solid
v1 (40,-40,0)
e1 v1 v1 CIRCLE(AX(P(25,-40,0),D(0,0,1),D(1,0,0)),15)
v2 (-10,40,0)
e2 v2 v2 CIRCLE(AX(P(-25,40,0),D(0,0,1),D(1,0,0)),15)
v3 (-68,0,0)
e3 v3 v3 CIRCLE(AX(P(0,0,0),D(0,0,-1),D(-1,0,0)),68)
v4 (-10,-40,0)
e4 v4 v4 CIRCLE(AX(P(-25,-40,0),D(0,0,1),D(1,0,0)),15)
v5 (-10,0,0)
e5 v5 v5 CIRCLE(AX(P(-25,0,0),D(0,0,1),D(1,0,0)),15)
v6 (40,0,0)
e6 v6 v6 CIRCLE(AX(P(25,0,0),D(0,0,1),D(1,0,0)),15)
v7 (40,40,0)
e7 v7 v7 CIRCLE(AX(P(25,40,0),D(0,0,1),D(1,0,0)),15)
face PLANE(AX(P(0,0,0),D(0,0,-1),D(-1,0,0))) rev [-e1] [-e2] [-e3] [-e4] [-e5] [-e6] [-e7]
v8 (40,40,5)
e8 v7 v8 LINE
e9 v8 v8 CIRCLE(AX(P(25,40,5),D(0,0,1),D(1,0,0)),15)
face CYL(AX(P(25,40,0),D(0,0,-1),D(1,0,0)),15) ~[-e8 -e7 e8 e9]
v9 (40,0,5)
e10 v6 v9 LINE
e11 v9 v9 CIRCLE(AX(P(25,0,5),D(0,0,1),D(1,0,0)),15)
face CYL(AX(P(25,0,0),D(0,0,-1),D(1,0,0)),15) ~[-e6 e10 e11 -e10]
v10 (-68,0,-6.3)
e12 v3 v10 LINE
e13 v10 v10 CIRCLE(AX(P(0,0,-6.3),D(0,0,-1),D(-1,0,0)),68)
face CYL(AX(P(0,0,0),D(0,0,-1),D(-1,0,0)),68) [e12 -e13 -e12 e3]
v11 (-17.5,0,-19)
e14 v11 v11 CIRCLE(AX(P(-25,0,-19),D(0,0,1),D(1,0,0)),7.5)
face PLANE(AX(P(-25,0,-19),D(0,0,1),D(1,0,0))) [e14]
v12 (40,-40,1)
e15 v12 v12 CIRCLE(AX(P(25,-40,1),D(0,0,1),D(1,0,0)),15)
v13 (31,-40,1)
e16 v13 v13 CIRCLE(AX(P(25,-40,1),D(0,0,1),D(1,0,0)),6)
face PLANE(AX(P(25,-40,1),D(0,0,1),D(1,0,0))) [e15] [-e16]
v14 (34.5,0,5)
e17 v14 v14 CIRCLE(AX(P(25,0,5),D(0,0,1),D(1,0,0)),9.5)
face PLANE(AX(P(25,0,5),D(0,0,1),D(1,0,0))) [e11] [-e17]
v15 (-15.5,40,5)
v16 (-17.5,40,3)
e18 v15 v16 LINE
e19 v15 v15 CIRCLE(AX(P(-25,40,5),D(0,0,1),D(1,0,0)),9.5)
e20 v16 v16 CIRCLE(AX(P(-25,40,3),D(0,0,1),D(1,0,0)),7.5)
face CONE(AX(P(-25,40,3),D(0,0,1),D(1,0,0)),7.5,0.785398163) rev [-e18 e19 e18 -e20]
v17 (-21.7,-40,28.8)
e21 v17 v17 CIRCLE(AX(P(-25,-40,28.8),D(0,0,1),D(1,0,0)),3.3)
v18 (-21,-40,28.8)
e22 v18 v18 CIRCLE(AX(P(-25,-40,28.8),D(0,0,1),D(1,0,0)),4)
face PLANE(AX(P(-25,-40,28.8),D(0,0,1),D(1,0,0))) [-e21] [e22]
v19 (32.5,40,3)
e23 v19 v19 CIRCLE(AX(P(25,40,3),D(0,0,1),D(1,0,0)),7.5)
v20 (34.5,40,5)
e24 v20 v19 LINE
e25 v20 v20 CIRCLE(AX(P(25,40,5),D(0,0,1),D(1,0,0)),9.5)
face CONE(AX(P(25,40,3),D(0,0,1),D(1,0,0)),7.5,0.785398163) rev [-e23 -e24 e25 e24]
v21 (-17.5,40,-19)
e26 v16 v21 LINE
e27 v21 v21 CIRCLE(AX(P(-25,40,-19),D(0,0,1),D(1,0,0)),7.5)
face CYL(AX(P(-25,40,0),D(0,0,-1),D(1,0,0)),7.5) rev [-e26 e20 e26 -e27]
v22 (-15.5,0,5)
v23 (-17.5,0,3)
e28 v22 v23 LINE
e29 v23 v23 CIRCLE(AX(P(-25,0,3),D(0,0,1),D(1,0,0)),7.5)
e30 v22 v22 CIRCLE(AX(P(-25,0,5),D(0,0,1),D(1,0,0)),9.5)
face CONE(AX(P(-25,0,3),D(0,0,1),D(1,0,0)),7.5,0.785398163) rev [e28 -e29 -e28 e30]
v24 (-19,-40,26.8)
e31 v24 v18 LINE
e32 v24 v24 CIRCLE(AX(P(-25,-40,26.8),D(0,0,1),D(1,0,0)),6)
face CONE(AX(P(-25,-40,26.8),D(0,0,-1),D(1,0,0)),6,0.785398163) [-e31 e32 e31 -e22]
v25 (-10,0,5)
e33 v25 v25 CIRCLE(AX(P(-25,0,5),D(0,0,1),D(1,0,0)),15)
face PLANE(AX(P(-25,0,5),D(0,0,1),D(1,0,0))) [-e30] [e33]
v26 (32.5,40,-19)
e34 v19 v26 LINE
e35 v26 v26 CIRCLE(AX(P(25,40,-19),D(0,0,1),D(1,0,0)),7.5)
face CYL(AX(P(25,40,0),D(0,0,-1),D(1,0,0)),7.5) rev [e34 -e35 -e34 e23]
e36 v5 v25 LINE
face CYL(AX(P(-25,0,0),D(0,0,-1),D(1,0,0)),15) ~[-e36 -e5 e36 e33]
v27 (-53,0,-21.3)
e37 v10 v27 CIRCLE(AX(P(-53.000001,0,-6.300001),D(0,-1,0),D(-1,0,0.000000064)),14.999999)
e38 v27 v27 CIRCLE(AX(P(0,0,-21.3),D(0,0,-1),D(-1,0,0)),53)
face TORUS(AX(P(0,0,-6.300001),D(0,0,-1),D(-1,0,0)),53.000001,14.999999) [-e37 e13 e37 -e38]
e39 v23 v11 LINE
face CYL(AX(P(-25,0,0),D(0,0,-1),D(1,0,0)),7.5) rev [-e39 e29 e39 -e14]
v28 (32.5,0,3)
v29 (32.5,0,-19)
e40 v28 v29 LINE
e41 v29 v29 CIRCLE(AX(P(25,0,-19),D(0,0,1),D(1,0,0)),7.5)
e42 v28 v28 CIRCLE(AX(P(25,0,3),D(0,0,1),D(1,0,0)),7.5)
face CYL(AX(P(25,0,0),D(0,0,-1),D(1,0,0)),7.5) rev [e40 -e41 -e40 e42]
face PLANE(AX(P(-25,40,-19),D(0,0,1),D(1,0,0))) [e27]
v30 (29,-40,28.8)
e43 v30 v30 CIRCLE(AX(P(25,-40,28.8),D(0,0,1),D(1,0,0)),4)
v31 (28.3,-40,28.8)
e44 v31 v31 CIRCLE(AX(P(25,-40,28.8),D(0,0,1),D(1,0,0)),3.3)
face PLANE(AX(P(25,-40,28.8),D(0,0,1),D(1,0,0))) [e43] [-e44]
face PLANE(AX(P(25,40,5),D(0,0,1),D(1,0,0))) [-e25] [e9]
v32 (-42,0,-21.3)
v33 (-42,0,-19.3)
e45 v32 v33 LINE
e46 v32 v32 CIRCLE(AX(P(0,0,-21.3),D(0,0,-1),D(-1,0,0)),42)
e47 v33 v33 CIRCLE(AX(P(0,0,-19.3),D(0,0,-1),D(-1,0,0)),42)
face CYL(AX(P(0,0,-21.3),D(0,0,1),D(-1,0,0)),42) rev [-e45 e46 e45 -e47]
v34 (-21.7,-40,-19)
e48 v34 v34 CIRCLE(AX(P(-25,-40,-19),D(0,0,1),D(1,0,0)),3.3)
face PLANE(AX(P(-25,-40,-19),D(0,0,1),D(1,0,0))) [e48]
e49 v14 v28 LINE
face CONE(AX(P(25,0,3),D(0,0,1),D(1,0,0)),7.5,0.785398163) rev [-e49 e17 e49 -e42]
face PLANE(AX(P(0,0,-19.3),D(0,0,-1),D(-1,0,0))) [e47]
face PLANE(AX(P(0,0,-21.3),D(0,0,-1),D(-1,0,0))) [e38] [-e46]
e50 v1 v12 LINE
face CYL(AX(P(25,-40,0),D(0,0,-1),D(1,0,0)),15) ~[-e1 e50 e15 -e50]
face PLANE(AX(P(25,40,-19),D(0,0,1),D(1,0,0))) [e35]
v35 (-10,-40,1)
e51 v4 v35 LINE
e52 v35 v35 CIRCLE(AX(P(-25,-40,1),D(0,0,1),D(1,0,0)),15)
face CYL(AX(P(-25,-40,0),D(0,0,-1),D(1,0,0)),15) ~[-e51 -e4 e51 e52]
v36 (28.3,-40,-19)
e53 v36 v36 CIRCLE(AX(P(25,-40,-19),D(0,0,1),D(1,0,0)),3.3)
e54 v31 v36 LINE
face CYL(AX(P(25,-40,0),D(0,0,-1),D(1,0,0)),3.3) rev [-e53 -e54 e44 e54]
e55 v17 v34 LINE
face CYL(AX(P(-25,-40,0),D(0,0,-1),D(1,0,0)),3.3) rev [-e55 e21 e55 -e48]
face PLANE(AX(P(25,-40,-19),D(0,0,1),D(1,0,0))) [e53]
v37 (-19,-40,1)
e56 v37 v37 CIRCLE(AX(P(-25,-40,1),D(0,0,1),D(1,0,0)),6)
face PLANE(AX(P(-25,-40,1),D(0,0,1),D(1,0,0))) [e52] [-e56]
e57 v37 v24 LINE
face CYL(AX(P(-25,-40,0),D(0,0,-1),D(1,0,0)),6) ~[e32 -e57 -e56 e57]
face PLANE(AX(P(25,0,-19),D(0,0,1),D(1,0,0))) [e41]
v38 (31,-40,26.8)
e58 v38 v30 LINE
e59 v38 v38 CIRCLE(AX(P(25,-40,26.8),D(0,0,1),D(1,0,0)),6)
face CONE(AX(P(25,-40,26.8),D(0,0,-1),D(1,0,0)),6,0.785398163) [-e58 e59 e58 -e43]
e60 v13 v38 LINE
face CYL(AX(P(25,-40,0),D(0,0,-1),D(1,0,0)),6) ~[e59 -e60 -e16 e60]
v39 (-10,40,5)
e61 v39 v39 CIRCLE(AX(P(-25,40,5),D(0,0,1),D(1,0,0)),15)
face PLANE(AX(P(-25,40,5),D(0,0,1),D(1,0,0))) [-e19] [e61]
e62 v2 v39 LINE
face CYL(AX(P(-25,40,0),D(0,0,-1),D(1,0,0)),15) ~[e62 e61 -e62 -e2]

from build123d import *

# Parameters (mm, degrees)
F2_R     = 15
F2_R_2   = 7.5
F3_DEPTH = 5
F2_R_3   = 3.3
F4_DEPTH = 19
F2_R_4   = 6
F5_DEPTH = 28.8
F6_DEPTH = 1
F7_SIZE  = 2


with BuildPart() as f1:
    # F0 (on Front) → F1 (revolve)
    with BuildSketch(Plane.XZ):
        with BuildLine():
            Line((0, -19.3), (0, 0))
            Line((0, 0), (-68, 0))
            Line((-68, 0), (-68, -6.3))
            ThreePointArc((-68, -6.3), (-63.606602, -16.906602), (-53, -21.3))
            Line((-53, -21.3), (-42, -21.3))
            Line((-42, -21.3), (-42, -19.3))
            Line((-42, -19.3), (0, -19.3))
        make_face()
    revolve(axis=Axis((0, 0, -9.65), (0, 0, -1)))

    # F2 (on face) → F3 (join)
    with BuildSketch(Plane.XY):
        with Locations((-25, 40)):
            Circle(F2_R)
        with Locations((-25, 40)):
            Circle(F2_R_2, mode=Mode.SUBTRACT)
        with Locations((25, 40)):
            Circle(F2_R)
        with Locations((25, 40)):
            Circle(F2_R_2, mode=Mode.SUBTRACT)
        with Locations((25, 0)):
            Circle(F2_R)
        with Locations((25, 0)):
            Circle(F2_R_2, mode=Mode.SUBTRACT)
        with Locations((-25, 0)):
            Circle(F2_R)
        with Locations((-25, 0)):
            Circle(F2_R_2, mode=Mode.SUBTRACT)
    extrude(amount=F3_DEPTH)

    # F2 (on face) → F4 (cut)
    with BuildSketch(Plane.XY):
        with Locations((-25, 40)):
            Circle(F2_R_2)
        with Locations((25, 40)):
            Circle(F2_R_2)
        with Locations((25, 0)):
            Circle(F2_R_2)
        with Locations((-25, 0)):
            Circle(F2_R_2)
        with Locations((-25, -40)):
            Circle(F2_R_3)
        with Locations((25, -40)):
            Circle(F2_R_3)
    extrude(amount=-F4_DEPTH, mode=Mode.SUBTRACT)

    # F2 (on face) → F5 (join)
    with BuildSketch(Plane.XY):
        with Locations((-25, -40)):
            Circle(F2_R_4)
        with Locations((-25, -40)):
            Circle(F2_R_3, mode=Mode.SUBTRACT)
        with Locations((25, -40)):
            Circle(F2_R_4)
        with Locations((25, -40)):
            Circle(F2_R_3, mode=Mode.SUBTRACT)
    extrude(amount=F5_DEPTH)

    # F2 (on face) → F6 (join)
    with BuildSketch(Plane.XY):
        with Locations((-25, -40)):
            Circle(F2_R)
        with Locations((-25, -40)):
            Circle(F2_R_4, mode=Mode.SUBTRACT)
        with Locations((25, -40)):
            Circle(F2_R)
        with Locations((25, -40)):
            Circle(F2_R_4, mode=Mode.SUBTRACT)
    extrude(amount=F6_DEPTH)

    # F7
    f7_edges = [f1.edges().sort_by_distance(p)[0] for p in [
        (-32.5, 40, 5),
        (17.5, 40, 5),
        (17.5, 0, 5),
        (-32.5, 0, 5),
        (-31, -40, 28.8),
        (19, -40, 28.8),
    ]]
    chamfer(f7_edges, length=F7_SIZE)


solid = f1.part
